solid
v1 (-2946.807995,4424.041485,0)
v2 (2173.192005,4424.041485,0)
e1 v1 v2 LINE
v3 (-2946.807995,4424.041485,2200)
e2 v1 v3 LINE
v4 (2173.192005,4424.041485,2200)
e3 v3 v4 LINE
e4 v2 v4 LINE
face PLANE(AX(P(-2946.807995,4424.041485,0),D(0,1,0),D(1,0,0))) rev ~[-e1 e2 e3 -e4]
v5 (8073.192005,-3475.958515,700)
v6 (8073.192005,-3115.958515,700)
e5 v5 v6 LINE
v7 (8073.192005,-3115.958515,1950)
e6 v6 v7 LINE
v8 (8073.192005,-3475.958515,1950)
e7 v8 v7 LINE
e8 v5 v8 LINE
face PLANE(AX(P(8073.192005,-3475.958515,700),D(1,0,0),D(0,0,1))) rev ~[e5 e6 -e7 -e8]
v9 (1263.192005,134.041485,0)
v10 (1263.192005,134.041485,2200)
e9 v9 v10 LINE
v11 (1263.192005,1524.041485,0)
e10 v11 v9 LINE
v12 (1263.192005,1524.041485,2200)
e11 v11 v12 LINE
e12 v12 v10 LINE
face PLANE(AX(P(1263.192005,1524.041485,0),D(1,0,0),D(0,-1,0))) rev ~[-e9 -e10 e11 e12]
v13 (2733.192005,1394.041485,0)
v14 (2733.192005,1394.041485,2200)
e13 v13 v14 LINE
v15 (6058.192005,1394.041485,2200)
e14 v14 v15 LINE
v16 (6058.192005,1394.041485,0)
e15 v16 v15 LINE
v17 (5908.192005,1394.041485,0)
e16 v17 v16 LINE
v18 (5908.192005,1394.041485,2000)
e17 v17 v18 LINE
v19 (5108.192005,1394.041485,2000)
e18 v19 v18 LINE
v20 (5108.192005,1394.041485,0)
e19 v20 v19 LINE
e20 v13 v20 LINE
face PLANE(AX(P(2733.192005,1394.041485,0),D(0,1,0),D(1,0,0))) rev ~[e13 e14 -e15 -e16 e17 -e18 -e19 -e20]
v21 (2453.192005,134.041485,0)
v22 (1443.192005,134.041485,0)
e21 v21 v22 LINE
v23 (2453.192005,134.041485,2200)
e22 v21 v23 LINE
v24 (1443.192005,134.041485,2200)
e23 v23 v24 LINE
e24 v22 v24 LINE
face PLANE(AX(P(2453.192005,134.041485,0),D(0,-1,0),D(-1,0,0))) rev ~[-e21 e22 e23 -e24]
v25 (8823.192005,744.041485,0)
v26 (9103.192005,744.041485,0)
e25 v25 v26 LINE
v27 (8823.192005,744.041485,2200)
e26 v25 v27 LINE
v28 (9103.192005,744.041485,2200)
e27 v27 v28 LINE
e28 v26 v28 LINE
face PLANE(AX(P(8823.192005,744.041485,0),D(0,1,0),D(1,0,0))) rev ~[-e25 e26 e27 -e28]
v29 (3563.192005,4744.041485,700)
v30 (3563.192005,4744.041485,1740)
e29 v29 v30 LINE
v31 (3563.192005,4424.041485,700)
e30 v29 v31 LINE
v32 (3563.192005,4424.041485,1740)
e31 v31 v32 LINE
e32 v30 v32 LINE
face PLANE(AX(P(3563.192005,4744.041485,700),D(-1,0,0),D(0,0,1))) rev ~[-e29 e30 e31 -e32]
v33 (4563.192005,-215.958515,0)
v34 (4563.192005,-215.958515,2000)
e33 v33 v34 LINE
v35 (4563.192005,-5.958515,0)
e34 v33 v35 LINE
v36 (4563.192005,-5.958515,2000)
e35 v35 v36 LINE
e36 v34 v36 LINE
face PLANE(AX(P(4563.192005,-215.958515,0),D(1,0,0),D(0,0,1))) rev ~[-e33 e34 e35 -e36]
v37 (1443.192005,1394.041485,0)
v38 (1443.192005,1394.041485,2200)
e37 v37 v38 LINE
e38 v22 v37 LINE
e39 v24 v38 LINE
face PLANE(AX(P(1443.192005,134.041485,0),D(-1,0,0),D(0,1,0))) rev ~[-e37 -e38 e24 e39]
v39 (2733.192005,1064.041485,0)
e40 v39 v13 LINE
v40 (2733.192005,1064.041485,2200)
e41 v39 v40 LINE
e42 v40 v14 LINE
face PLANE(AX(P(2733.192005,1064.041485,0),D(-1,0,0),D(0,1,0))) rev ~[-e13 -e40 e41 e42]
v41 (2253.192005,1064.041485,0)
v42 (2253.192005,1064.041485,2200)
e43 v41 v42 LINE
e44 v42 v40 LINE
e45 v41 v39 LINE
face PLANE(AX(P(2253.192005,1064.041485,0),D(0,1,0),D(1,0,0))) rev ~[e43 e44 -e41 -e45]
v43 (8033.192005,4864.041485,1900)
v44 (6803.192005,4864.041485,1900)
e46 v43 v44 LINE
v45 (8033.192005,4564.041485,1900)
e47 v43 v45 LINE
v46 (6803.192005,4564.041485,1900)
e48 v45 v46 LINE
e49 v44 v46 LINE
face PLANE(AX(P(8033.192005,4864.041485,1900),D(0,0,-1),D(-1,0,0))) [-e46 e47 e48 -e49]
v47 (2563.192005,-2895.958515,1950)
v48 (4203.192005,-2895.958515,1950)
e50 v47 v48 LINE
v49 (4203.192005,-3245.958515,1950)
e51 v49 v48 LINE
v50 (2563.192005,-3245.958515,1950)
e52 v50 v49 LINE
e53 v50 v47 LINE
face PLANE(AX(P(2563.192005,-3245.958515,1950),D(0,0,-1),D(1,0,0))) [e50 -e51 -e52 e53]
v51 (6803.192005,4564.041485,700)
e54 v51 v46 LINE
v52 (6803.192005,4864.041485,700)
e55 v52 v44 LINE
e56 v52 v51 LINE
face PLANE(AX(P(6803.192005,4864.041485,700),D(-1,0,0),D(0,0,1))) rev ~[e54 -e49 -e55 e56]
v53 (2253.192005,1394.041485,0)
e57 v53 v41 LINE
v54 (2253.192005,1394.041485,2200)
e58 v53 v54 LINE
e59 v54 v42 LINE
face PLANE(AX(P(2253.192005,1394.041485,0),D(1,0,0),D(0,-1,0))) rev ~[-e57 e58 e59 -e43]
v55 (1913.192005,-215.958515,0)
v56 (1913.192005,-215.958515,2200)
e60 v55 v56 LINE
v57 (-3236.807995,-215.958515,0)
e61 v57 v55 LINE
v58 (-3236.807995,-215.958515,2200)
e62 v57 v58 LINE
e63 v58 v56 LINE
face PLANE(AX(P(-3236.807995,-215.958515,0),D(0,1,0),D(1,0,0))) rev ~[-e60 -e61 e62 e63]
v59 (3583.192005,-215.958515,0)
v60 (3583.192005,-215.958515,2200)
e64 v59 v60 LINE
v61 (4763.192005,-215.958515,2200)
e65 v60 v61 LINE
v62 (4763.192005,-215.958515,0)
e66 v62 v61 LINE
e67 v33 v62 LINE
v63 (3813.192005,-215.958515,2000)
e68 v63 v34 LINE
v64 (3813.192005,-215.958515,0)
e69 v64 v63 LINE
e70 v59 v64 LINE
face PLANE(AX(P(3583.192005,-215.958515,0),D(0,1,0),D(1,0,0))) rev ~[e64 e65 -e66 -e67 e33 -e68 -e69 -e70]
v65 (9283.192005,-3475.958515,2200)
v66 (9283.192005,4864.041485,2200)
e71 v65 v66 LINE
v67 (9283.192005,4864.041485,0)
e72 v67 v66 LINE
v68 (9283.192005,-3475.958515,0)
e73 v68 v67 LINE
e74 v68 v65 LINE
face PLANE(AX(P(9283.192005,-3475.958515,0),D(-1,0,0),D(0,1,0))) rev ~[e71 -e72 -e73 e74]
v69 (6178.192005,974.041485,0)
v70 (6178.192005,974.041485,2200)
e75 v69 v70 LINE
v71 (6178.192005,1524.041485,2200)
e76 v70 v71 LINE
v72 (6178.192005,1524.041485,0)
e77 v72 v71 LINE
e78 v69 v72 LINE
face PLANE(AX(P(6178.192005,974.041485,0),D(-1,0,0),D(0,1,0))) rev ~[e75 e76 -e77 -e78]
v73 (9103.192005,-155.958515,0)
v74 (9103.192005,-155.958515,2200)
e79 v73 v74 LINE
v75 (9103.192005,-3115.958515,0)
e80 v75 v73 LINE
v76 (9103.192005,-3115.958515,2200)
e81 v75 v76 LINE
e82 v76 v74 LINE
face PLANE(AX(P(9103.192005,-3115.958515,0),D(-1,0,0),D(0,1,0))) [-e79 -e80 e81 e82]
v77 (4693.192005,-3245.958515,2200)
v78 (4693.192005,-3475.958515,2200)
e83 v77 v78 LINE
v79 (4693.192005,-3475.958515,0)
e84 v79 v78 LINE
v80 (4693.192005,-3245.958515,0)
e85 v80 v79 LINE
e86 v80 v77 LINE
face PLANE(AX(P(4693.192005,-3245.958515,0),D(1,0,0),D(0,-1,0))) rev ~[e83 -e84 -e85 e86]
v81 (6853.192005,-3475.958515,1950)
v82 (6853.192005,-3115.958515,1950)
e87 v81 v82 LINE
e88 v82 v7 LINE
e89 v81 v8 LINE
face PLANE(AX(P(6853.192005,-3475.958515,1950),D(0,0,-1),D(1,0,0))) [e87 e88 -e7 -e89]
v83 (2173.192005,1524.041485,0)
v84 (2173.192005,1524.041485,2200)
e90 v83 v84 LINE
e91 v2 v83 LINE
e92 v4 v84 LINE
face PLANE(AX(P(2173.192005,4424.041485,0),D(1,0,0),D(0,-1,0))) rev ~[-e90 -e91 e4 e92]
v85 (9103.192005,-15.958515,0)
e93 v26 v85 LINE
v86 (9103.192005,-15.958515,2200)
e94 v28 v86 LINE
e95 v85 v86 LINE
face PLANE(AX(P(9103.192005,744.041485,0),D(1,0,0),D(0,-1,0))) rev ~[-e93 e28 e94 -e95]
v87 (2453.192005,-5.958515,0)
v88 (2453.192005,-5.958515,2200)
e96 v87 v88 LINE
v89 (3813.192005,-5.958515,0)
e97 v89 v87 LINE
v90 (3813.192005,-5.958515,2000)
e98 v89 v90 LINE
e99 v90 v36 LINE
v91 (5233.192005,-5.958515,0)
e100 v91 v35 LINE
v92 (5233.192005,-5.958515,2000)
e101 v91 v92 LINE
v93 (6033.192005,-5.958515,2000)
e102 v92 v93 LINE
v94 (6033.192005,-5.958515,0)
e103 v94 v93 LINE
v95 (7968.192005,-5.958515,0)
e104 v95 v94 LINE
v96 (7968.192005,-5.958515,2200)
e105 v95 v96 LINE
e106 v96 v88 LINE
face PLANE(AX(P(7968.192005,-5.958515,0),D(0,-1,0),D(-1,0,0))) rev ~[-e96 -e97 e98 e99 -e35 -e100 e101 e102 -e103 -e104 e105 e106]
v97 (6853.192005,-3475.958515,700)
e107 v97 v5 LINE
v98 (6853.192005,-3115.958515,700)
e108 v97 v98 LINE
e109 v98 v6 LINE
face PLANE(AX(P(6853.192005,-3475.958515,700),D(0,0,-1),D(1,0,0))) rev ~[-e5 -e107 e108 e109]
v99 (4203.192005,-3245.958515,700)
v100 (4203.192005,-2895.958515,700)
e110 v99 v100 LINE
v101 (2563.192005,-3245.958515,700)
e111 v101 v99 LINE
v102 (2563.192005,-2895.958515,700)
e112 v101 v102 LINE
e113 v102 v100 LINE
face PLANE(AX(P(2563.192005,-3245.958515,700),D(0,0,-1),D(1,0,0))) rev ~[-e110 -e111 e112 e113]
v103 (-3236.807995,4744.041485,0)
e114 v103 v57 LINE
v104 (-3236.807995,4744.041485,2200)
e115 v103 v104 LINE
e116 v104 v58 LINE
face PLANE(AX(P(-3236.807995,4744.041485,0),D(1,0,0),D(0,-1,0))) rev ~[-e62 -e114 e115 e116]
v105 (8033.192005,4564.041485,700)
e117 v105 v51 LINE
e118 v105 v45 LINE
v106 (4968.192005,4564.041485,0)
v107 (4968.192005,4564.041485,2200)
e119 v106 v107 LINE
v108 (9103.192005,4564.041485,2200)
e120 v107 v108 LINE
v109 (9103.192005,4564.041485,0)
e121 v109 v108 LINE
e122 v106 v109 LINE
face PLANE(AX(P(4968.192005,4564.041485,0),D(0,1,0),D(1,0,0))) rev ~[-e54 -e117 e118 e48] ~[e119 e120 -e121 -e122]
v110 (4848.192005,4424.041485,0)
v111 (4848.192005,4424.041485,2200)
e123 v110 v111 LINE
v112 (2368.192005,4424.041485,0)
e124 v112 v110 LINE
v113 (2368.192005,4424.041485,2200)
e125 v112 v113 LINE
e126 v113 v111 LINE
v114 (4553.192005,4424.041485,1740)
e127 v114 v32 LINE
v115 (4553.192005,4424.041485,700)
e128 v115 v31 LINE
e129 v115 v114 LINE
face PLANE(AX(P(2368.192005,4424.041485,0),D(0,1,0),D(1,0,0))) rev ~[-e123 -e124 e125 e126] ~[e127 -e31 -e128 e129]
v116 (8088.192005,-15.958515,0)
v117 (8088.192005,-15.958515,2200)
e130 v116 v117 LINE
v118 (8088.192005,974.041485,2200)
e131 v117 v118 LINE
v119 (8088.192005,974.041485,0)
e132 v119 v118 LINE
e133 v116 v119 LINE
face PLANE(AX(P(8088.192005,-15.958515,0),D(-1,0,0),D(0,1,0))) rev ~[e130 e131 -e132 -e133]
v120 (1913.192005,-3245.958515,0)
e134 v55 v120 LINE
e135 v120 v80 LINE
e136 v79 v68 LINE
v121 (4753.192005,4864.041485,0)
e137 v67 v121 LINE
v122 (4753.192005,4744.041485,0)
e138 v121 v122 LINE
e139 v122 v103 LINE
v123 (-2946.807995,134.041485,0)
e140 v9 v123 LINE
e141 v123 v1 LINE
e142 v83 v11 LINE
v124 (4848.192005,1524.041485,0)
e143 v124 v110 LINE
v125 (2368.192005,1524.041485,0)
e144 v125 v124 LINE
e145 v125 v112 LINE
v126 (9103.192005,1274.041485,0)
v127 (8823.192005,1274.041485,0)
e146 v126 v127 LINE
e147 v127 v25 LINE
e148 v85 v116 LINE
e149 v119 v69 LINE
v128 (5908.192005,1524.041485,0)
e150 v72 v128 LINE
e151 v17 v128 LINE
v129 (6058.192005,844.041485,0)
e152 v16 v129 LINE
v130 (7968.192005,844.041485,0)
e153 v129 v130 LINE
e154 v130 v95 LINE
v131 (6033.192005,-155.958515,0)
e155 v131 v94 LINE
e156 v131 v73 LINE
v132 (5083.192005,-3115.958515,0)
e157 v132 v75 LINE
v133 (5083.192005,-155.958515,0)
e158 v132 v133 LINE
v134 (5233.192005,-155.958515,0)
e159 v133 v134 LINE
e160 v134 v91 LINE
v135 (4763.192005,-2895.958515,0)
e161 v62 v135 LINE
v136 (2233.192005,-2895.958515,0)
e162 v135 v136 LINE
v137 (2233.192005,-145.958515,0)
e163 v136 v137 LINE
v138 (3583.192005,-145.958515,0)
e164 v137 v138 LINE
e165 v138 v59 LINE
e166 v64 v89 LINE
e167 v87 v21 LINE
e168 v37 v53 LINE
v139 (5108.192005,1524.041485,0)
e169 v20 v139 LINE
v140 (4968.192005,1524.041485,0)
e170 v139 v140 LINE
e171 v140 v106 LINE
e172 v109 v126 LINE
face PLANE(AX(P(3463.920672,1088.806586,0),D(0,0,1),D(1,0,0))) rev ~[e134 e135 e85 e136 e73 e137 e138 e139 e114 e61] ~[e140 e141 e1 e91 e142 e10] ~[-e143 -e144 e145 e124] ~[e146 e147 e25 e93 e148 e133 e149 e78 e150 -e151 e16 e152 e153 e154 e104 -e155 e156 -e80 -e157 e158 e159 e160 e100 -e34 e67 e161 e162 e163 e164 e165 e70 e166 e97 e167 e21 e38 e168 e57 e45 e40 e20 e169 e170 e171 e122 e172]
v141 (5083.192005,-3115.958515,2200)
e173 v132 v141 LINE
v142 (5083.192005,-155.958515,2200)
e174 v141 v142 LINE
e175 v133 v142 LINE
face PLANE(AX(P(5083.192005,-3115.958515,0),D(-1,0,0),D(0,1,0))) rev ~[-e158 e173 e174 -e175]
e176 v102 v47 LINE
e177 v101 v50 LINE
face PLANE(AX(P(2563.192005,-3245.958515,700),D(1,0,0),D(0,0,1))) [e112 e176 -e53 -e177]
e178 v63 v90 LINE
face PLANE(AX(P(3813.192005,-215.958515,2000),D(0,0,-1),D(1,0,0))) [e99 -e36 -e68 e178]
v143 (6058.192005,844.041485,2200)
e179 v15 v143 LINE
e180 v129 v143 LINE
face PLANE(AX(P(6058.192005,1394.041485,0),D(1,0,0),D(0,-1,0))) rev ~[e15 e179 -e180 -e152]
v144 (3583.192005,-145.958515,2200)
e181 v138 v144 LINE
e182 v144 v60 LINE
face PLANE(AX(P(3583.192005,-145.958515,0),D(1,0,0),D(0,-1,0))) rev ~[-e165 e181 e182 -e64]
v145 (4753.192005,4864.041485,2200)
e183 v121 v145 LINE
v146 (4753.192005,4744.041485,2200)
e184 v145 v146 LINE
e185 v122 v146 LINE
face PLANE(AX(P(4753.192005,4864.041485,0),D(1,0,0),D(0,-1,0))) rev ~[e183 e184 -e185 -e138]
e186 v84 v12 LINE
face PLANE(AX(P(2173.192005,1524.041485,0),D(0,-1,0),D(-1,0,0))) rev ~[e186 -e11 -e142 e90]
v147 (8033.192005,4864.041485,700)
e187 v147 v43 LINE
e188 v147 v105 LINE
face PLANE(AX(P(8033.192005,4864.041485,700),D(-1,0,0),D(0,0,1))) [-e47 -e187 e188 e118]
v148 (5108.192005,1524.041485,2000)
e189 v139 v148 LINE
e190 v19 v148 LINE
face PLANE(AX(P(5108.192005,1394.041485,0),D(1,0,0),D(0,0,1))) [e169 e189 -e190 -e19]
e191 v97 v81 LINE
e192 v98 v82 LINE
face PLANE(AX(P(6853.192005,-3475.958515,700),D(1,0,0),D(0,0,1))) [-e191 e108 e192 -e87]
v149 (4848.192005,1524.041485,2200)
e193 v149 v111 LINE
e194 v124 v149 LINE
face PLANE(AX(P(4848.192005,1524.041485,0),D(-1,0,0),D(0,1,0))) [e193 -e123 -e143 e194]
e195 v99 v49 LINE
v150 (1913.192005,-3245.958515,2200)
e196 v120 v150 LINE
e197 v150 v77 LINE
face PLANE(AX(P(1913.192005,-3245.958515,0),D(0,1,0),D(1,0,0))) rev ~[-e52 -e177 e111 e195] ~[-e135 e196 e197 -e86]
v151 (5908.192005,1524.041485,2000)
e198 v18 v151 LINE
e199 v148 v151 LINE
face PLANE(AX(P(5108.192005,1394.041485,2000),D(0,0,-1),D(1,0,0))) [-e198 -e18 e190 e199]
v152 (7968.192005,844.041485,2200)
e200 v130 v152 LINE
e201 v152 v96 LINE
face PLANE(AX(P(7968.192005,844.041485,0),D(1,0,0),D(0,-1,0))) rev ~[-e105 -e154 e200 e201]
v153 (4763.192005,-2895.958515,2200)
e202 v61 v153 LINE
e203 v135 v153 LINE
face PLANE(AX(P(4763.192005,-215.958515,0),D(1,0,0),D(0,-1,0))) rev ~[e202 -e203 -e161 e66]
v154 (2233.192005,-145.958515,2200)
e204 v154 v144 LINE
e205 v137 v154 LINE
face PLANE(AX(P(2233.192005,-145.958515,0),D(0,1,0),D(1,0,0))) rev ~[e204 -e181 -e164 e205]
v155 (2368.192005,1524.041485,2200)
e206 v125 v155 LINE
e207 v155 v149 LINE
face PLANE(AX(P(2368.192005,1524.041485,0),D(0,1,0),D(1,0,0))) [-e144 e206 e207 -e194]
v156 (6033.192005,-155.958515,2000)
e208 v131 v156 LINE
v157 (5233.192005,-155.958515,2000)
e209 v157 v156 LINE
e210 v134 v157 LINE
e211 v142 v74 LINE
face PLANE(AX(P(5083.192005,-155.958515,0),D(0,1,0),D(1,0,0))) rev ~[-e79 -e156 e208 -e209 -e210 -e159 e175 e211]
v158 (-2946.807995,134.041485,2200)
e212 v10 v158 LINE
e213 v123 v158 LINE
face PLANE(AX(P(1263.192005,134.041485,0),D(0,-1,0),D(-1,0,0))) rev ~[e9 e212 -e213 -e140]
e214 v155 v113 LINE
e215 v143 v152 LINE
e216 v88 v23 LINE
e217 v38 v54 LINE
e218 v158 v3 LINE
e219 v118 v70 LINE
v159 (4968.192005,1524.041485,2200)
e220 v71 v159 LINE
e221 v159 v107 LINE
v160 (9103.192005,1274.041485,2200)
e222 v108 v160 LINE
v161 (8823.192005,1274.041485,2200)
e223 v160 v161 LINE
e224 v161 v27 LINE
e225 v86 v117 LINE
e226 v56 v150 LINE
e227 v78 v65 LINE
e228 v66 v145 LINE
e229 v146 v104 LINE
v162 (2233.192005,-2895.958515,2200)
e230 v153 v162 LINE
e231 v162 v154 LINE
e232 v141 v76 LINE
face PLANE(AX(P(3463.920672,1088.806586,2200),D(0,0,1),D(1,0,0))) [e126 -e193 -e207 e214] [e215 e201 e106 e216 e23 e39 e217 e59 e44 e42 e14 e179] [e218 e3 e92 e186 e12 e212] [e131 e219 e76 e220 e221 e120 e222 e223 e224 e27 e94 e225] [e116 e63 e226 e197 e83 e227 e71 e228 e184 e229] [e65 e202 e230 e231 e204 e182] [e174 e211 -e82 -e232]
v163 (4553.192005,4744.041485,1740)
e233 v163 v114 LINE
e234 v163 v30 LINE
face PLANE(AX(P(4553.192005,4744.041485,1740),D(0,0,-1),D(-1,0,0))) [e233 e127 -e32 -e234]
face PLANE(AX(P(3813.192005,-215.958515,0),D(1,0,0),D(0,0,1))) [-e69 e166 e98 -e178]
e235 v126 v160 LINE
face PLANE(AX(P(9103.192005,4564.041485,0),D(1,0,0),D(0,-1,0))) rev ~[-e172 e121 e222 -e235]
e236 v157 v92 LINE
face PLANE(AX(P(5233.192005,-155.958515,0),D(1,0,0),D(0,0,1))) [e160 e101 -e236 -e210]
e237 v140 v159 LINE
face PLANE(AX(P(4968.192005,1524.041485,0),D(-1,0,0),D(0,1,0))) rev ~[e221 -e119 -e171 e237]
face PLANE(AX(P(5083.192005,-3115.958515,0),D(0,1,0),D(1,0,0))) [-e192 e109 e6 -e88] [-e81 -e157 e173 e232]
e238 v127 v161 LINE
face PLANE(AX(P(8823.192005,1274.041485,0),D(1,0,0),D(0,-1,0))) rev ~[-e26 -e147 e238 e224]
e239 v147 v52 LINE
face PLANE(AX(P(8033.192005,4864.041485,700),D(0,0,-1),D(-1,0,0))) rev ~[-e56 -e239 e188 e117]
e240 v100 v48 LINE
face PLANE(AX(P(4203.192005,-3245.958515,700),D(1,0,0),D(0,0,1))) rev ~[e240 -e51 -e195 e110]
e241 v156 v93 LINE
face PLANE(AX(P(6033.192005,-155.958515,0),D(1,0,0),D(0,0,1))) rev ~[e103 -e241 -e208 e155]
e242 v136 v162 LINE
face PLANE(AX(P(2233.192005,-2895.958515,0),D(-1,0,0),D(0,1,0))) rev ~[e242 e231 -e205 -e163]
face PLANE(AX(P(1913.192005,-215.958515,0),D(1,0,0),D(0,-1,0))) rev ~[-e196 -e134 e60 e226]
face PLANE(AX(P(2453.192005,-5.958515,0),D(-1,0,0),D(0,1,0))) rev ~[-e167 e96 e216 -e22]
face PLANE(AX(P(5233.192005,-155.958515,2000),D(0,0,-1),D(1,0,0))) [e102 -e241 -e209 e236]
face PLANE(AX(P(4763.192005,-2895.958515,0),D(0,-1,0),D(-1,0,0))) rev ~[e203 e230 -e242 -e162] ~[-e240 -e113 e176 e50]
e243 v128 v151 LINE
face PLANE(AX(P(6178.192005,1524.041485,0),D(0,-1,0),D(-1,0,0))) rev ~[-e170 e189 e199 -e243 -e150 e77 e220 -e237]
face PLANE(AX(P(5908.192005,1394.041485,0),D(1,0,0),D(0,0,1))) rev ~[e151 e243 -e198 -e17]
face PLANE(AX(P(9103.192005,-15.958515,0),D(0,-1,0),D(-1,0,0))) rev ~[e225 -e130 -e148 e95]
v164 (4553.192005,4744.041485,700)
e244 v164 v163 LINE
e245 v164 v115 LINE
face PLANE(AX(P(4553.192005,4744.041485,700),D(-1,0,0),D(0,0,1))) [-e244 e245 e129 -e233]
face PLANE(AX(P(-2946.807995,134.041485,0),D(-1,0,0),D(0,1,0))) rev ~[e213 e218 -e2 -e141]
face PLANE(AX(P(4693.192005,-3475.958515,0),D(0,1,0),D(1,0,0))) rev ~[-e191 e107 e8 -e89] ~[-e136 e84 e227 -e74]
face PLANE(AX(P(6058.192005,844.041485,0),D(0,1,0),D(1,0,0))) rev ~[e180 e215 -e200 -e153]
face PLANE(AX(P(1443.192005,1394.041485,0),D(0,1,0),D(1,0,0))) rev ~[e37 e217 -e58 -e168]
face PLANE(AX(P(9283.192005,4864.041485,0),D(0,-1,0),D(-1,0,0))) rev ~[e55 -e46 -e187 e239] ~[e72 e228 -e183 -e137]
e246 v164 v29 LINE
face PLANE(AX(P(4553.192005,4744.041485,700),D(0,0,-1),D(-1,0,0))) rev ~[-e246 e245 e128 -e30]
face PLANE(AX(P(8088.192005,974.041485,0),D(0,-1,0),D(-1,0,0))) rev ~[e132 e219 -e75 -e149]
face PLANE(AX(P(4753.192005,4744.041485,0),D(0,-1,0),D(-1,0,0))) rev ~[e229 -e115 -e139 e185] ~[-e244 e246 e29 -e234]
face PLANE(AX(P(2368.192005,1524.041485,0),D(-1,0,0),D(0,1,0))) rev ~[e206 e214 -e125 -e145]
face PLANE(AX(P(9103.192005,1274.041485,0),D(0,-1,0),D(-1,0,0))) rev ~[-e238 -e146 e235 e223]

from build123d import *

# Parameters (mm, degrees)
F0_W      = 4020
F0_H      = 2960
F0_W_2    = 2480
F0_H_2    = 2900
F1_DEPTH  = 2200
F2_W      = 800
F2_H      = 2000
F3_DEPTH  = 130
F4_W      = 800
F4_H      = 2000
F5_DEPTH  = 150
F6_W      = 1640
F6_H      = 1250
F7_DEPTH  = 350
F8_W      = 1220
F8_H      = 1250
F9_DEPTH  = 360
F10_W     = 990
F10_H     = 1040
F11_DEPTH = 320
F12_W     = 1230
F12_H     = 1200
F13_DEPTH = 300
F14_W     = 750
F14_H     = 2000
F15_DEPTH = 210


with BuildPart() as f1:
    # F0 (on Top) → F1 (new body)
    with BuildSketch(Plane.XY):
        Polygon((-3236.807995, -215.958515), (1913.192005, -215.958515), (1913.192005, -3245.958515), (4693.192005, -3245.958515), (4693.192005, -3475.958515), (9283.192005, -3475.958515), (9283.192005, 4864.041485), (4753.192005, 4864.041485), (4753.192005, 4744.041485), (-3236.807995, 4744.041485), align=None)
        Polygon((4763.192005, -215.958515), (4763.192005, -2895.958515), (2233.192005, -2895.958515), (2233.192005, -145.958515), (3583.192005, -145.958515), (3583.192005, -215.958515), align=None, mode=Mode.SUBTRACT)
        with Locations((7093.192005, -1635.958515)):
            Rectangle(F0_W, F0_H, mode=Mode.SUBTRACT)
        Polygon((-2946.807995, 4424.041485), (2173.192005, 4424.041485), (2173.192005, 1524.041485), (1263.192005, 1524.041485), (1263.192005, 134.041485), (-2946.807995, 134.041485), align=None, mode=Mode.SUBTRACT)
        Polygon((2733.192005, 1394.041485), (6058.192005, 1394.041485), (6058.192005, 844.041485), (7968.192005, 844.041485), (7968.192005, -5.958515), (2453.192005, -5.958515), (2453.192005, 134.041485), (1443.192005, 134.041485), (1443.192005, 1394.041485), (2253.192005, 1394.041485), (2253.192005, 1064.041485), (2733.192005, 1064.041485), align=None, mode=Mode.SUBTRACT)
        Polygon((4968.192005, 1524.041485), (4968.192005, 4564.041485), (9103.192005, 4564.041485), (9103.192005, 1274.041485), (8823.192005, 1274.041485), (8823.192005, 744.041485), (9103.192005, 744.041485), (9103.192005, -15.958515), (8088.192005, -15.958515), (8088.192005, 974.041485), (6178.192005, 974.041485), (6178.192005, 1524.041485), align=None, mode=Mode.SUBTRACT)
        with Locations((3608.192005, 2974.041485)):
            Rectangle(F0_W_2, F0_H_2, mode=Mode.SUBTRACT)
    extrude(amount=F1_DEPTH)

    # F2 (on face) → F3 (cut, through all)
    with BuildSketch(Plane.XZ.offset(-1394.041485)):
        with Locations((5508.192005, 1000)):
            Rectangle(F2_W, F2_H)
    extrude(amount=-F3_DEPTH, mode=Mode.SUBTRACT)

    # F4 (on face) → F5 (cut, through all)
    with BuildSketch(Plane.XZ.offset(155.958515)):
        with Locations((5633.192005, 1000)):
            Rectangle(F4_W, F4_H)
    extrude(amount=-F5_DEPTH, mode=Mode.SUBTRACT)

    # F6 (on face) → F7 (cut, through all)
    with BuildSketch(Plane.XZ.offset(3245.958515)):
        with Locations((3383.192005, 1325)):
            Rectangle(F6_W, F6_H)
    extrude(amount=-F7_DEPTH, mode=Mode.SUBTRACT)

    # F8 (on face) → F9 (cut, through all)
    with BuildSketch(Plane.XZ.offset(3475.958515)):
        with Locations((7463.192005, 1325)):
            Rectangle(F8_W, F8_H)
    extrude(amount=-F9_DEPTH, mode=Mode.SUBTRACT)

    # F10 (on face) → F11 (cut, through all)
    with BuildSketch(Plane(origin=(0, 4744.041485, 0), x_dir=(-1, 0, 0), z_dir=(0, 1, 0))):
        with Locations((-4058.192005, 1220)):
            Rectangle(F10_W, F10_H)
    extrude(amount=-F11_DEPTH, mode=Mode.SUBTRACT)

    # F12 (on face) → F13 (cut, through all)
    with BuildSketch(Plane(origin=(0, 4864.041485, 0), x_dir=(-1, 0, 0), z_dir=(0, 1, 0))):
        with Locations((-7418.192005, 1300)):
            Rectangle(F12_W, F12_H)
    extrude(amount=-F13_DEPTH, mode=Mode.SUBTRACT)

    # F14 (on face) → F15 (cut, through all)
    with BuildSketch(Plane.XZ.offset(215.958515)):
        with Locations((4188.192005, 1000)):
            Rectangle(F14_W, F14_H)
    extrude(amount=-F15_DEPTH, mode=Mode.SUBTRACT)


solid = f1.part
